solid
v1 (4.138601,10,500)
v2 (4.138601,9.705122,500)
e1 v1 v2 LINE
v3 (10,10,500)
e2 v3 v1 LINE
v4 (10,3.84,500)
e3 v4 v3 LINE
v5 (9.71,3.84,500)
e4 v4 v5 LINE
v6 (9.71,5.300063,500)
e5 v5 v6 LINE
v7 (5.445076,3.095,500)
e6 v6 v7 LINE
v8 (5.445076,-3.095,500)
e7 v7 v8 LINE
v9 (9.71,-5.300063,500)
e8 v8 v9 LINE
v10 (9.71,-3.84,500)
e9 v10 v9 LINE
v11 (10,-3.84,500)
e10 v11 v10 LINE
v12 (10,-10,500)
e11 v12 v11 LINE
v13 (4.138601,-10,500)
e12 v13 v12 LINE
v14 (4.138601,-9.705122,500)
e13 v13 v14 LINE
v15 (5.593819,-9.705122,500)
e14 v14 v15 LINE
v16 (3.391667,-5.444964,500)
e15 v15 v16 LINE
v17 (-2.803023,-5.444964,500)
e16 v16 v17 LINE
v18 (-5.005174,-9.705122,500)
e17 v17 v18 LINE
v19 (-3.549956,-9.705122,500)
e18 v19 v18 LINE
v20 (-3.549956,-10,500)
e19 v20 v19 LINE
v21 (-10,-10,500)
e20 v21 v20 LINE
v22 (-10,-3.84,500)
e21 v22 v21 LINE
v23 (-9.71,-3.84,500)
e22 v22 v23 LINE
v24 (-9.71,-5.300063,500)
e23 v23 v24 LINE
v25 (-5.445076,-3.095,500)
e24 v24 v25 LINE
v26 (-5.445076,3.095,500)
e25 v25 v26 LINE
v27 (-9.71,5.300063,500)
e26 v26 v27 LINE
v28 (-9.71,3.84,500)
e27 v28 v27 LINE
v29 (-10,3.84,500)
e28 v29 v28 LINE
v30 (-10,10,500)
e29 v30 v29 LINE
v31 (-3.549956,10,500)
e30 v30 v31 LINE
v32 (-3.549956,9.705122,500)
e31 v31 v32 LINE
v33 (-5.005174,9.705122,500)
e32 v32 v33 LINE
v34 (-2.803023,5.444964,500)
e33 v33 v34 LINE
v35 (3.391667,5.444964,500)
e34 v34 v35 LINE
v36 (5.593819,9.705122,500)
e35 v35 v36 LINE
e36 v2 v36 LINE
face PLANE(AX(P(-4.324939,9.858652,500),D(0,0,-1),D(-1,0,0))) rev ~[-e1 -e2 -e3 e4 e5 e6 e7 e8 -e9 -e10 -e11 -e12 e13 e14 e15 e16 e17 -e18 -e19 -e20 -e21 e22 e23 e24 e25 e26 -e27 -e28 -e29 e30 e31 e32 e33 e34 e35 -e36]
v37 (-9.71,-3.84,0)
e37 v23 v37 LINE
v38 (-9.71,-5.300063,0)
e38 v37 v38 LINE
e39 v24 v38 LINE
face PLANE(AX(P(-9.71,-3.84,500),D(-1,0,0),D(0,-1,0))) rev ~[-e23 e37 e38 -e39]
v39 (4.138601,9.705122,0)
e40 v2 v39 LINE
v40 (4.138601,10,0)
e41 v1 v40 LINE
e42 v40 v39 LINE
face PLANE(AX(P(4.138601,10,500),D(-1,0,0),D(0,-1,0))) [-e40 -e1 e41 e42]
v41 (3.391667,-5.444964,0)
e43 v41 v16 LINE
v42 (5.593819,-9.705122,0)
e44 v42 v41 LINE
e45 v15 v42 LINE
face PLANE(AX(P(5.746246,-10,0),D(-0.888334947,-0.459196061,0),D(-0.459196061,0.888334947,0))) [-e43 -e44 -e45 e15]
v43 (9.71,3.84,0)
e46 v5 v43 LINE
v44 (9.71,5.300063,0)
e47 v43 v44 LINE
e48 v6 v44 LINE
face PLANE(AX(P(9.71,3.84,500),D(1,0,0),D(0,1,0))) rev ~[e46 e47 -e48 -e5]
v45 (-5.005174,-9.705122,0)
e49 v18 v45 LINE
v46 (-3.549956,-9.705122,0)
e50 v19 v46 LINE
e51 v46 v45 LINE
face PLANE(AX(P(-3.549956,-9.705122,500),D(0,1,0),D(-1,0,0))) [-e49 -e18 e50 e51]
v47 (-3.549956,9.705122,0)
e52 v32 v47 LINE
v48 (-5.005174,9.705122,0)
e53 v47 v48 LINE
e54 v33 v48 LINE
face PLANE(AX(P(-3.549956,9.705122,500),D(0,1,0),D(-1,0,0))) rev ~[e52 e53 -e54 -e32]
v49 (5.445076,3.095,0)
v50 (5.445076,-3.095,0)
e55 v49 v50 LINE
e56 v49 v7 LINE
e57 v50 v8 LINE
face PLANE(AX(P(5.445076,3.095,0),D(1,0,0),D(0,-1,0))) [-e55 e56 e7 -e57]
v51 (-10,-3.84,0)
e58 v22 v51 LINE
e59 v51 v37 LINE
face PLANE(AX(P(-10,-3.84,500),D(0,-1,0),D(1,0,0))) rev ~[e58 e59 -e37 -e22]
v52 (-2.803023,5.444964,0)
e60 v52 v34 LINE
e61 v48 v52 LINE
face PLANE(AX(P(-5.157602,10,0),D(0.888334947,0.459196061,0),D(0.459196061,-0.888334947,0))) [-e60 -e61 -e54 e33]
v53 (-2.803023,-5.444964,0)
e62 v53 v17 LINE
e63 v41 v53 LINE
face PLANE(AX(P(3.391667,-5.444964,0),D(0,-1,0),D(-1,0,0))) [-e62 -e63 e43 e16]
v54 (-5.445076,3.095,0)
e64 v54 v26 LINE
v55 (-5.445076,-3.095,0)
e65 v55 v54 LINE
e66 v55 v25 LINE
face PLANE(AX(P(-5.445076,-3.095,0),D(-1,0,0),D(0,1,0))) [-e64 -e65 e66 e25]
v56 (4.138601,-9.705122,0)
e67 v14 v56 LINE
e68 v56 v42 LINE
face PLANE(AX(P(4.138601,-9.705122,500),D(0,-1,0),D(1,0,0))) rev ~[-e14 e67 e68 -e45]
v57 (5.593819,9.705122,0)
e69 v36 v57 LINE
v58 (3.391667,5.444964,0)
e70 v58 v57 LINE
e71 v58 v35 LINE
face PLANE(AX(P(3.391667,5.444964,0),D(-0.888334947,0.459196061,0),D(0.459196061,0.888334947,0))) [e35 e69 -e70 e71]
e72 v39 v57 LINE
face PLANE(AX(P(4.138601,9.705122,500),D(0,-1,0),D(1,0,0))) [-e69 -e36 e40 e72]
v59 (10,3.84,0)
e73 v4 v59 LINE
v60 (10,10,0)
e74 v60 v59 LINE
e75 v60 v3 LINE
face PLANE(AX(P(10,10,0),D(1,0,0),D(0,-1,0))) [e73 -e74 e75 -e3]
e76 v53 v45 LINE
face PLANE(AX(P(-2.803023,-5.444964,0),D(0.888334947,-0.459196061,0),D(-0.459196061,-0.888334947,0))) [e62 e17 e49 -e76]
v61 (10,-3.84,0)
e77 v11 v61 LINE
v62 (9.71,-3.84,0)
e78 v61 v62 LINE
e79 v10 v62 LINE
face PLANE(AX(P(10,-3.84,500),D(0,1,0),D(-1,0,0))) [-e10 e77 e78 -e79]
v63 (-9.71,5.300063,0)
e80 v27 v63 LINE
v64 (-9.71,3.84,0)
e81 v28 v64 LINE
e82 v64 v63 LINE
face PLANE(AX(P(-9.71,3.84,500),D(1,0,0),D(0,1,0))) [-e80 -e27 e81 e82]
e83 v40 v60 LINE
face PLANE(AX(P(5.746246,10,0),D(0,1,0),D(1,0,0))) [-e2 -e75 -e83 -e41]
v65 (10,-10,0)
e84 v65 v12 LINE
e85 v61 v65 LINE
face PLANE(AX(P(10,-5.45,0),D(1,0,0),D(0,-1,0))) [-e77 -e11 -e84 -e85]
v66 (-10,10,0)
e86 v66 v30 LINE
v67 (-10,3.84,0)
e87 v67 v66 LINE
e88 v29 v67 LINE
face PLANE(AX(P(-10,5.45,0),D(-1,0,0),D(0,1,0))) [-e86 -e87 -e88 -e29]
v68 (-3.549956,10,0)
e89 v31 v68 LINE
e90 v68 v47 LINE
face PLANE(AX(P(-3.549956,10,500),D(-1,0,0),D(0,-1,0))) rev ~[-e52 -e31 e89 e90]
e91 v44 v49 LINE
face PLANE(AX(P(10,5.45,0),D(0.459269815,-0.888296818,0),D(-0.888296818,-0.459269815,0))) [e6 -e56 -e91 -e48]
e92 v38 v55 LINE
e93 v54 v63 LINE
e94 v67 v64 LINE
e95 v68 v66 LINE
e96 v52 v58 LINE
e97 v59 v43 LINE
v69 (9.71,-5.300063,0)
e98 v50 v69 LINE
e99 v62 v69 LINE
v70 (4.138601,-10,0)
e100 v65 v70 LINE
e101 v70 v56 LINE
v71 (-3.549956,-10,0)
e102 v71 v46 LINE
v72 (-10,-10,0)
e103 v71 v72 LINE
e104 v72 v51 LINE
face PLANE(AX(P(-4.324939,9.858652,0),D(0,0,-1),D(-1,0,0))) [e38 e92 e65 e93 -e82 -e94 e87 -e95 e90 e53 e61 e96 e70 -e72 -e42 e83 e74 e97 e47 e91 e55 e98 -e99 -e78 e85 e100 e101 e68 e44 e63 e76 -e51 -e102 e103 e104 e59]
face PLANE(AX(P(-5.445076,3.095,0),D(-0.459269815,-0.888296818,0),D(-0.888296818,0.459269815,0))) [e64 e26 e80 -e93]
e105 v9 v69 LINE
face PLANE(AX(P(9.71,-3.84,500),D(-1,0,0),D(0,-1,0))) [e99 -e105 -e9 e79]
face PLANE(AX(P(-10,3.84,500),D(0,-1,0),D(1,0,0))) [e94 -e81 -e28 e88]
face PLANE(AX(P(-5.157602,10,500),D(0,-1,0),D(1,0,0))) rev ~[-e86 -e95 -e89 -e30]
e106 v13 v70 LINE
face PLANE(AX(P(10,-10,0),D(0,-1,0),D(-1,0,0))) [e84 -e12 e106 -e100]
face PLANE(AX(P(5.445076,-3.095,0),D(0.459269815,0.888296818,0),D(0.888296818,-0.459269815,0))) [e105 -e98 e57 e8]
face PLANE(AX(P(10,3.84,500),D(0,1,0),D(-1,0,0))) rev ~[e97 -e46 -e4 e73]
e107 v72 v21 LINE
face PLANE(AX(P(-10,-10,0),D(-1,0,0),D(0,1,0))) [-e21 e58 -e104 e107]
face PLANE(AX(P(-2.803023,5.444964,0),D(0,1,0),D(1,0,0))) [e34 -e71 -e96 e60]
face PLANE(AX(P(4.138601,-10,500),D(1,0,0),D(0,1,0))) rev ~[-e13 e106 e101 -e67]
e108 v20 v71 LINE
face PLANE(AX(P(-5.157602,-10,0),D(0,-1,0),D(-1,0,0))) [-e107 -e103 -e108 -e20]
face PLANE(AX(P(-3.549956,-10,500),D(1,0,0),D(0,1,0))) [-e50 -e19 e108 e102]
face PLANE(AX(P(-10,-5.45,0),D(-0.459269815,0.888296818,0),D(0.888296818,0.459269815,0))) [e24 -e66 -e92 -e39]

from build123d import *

# Parameters (mm, degrees)
Y_KSEKLIK_EKSTR_ZYON1_DEPTH = 500
Y_KSEKLIK_EKSTR_ZYON3_DEPTH = 500


with BuildPart() as part:
    # Çizim1 → Yükseklik-Ekstrüzyon1 (new body)
    with BuildSketch(Plane.XY):
        Polygon((-5.15760167, 10), (-2.80302277, 5.444963707), (3.391667495, 5.444963707), (5.746246396, 10), (10, 10), (10, 5.45), (5.445076204, 3.095), (5.445076204, -3.095), (10, -5.45), (10, -10), (5.746246396, -10), (3.391667495, -5.444963707), (-2.80302277, -5.444963707), (-5.15760167, -10), (-10, -10), (-10, -5.45), (-5.445076204, -3.095), (-5.445076204, 3.095), (-10, 5.45), (-10, 10), align=None)
    extrude(amount=Y_KSEKLIK_EKSTR_ZYON1_DEPTH)

    # Çizim4 → Yükseklik-Ekstrüzyon3 (add)
    with BuildSketch(Plane.XY.offset(500)):
        Polygon((-5.15760167, 10), (-3.54995598, 10), (-3.54995598, 9.705121592), (-5.005173801, 9.705121592), align=None)
        Polygon((10, 3.84), (9.71, 3.84), (9.71, 5.300063353), (10, 5.45), align=None)
        Polygon((5.593818526, 9.705121592), (5.746246396, 10), (4.138600705, 10), (4.138600705, 9.705121592), align=None)
        Polygon((5.746246396, -10), (4.138600705, -10), (4.138600705, -9.705121592), (5.593818526, -9.705121592), align=None)
        Polygon((-5.005173801, -9.705121592), (-5.15760167, -10), (-3.54995598, -10), (-3.54995598, -9.705121592), align=None)
        Polygon((-10, 5.45), (-10, 3.84), (-9.71, 3.84), (-9.71, 5.300063353), align=None)
        Polygon((9.71, -5.300063353), (10, -5.45), (10, -3.84), (9.71, -3.84), align=None)
        Polygon((-9.71, -5.300063353), (-10, -5.45), (-10, -3.84), (-9.71, -3.84), align=None)
    extrude(amount=-Y_KSEKLIK_EKSTR_ZYON3_DEPTH)


solid = part.part
